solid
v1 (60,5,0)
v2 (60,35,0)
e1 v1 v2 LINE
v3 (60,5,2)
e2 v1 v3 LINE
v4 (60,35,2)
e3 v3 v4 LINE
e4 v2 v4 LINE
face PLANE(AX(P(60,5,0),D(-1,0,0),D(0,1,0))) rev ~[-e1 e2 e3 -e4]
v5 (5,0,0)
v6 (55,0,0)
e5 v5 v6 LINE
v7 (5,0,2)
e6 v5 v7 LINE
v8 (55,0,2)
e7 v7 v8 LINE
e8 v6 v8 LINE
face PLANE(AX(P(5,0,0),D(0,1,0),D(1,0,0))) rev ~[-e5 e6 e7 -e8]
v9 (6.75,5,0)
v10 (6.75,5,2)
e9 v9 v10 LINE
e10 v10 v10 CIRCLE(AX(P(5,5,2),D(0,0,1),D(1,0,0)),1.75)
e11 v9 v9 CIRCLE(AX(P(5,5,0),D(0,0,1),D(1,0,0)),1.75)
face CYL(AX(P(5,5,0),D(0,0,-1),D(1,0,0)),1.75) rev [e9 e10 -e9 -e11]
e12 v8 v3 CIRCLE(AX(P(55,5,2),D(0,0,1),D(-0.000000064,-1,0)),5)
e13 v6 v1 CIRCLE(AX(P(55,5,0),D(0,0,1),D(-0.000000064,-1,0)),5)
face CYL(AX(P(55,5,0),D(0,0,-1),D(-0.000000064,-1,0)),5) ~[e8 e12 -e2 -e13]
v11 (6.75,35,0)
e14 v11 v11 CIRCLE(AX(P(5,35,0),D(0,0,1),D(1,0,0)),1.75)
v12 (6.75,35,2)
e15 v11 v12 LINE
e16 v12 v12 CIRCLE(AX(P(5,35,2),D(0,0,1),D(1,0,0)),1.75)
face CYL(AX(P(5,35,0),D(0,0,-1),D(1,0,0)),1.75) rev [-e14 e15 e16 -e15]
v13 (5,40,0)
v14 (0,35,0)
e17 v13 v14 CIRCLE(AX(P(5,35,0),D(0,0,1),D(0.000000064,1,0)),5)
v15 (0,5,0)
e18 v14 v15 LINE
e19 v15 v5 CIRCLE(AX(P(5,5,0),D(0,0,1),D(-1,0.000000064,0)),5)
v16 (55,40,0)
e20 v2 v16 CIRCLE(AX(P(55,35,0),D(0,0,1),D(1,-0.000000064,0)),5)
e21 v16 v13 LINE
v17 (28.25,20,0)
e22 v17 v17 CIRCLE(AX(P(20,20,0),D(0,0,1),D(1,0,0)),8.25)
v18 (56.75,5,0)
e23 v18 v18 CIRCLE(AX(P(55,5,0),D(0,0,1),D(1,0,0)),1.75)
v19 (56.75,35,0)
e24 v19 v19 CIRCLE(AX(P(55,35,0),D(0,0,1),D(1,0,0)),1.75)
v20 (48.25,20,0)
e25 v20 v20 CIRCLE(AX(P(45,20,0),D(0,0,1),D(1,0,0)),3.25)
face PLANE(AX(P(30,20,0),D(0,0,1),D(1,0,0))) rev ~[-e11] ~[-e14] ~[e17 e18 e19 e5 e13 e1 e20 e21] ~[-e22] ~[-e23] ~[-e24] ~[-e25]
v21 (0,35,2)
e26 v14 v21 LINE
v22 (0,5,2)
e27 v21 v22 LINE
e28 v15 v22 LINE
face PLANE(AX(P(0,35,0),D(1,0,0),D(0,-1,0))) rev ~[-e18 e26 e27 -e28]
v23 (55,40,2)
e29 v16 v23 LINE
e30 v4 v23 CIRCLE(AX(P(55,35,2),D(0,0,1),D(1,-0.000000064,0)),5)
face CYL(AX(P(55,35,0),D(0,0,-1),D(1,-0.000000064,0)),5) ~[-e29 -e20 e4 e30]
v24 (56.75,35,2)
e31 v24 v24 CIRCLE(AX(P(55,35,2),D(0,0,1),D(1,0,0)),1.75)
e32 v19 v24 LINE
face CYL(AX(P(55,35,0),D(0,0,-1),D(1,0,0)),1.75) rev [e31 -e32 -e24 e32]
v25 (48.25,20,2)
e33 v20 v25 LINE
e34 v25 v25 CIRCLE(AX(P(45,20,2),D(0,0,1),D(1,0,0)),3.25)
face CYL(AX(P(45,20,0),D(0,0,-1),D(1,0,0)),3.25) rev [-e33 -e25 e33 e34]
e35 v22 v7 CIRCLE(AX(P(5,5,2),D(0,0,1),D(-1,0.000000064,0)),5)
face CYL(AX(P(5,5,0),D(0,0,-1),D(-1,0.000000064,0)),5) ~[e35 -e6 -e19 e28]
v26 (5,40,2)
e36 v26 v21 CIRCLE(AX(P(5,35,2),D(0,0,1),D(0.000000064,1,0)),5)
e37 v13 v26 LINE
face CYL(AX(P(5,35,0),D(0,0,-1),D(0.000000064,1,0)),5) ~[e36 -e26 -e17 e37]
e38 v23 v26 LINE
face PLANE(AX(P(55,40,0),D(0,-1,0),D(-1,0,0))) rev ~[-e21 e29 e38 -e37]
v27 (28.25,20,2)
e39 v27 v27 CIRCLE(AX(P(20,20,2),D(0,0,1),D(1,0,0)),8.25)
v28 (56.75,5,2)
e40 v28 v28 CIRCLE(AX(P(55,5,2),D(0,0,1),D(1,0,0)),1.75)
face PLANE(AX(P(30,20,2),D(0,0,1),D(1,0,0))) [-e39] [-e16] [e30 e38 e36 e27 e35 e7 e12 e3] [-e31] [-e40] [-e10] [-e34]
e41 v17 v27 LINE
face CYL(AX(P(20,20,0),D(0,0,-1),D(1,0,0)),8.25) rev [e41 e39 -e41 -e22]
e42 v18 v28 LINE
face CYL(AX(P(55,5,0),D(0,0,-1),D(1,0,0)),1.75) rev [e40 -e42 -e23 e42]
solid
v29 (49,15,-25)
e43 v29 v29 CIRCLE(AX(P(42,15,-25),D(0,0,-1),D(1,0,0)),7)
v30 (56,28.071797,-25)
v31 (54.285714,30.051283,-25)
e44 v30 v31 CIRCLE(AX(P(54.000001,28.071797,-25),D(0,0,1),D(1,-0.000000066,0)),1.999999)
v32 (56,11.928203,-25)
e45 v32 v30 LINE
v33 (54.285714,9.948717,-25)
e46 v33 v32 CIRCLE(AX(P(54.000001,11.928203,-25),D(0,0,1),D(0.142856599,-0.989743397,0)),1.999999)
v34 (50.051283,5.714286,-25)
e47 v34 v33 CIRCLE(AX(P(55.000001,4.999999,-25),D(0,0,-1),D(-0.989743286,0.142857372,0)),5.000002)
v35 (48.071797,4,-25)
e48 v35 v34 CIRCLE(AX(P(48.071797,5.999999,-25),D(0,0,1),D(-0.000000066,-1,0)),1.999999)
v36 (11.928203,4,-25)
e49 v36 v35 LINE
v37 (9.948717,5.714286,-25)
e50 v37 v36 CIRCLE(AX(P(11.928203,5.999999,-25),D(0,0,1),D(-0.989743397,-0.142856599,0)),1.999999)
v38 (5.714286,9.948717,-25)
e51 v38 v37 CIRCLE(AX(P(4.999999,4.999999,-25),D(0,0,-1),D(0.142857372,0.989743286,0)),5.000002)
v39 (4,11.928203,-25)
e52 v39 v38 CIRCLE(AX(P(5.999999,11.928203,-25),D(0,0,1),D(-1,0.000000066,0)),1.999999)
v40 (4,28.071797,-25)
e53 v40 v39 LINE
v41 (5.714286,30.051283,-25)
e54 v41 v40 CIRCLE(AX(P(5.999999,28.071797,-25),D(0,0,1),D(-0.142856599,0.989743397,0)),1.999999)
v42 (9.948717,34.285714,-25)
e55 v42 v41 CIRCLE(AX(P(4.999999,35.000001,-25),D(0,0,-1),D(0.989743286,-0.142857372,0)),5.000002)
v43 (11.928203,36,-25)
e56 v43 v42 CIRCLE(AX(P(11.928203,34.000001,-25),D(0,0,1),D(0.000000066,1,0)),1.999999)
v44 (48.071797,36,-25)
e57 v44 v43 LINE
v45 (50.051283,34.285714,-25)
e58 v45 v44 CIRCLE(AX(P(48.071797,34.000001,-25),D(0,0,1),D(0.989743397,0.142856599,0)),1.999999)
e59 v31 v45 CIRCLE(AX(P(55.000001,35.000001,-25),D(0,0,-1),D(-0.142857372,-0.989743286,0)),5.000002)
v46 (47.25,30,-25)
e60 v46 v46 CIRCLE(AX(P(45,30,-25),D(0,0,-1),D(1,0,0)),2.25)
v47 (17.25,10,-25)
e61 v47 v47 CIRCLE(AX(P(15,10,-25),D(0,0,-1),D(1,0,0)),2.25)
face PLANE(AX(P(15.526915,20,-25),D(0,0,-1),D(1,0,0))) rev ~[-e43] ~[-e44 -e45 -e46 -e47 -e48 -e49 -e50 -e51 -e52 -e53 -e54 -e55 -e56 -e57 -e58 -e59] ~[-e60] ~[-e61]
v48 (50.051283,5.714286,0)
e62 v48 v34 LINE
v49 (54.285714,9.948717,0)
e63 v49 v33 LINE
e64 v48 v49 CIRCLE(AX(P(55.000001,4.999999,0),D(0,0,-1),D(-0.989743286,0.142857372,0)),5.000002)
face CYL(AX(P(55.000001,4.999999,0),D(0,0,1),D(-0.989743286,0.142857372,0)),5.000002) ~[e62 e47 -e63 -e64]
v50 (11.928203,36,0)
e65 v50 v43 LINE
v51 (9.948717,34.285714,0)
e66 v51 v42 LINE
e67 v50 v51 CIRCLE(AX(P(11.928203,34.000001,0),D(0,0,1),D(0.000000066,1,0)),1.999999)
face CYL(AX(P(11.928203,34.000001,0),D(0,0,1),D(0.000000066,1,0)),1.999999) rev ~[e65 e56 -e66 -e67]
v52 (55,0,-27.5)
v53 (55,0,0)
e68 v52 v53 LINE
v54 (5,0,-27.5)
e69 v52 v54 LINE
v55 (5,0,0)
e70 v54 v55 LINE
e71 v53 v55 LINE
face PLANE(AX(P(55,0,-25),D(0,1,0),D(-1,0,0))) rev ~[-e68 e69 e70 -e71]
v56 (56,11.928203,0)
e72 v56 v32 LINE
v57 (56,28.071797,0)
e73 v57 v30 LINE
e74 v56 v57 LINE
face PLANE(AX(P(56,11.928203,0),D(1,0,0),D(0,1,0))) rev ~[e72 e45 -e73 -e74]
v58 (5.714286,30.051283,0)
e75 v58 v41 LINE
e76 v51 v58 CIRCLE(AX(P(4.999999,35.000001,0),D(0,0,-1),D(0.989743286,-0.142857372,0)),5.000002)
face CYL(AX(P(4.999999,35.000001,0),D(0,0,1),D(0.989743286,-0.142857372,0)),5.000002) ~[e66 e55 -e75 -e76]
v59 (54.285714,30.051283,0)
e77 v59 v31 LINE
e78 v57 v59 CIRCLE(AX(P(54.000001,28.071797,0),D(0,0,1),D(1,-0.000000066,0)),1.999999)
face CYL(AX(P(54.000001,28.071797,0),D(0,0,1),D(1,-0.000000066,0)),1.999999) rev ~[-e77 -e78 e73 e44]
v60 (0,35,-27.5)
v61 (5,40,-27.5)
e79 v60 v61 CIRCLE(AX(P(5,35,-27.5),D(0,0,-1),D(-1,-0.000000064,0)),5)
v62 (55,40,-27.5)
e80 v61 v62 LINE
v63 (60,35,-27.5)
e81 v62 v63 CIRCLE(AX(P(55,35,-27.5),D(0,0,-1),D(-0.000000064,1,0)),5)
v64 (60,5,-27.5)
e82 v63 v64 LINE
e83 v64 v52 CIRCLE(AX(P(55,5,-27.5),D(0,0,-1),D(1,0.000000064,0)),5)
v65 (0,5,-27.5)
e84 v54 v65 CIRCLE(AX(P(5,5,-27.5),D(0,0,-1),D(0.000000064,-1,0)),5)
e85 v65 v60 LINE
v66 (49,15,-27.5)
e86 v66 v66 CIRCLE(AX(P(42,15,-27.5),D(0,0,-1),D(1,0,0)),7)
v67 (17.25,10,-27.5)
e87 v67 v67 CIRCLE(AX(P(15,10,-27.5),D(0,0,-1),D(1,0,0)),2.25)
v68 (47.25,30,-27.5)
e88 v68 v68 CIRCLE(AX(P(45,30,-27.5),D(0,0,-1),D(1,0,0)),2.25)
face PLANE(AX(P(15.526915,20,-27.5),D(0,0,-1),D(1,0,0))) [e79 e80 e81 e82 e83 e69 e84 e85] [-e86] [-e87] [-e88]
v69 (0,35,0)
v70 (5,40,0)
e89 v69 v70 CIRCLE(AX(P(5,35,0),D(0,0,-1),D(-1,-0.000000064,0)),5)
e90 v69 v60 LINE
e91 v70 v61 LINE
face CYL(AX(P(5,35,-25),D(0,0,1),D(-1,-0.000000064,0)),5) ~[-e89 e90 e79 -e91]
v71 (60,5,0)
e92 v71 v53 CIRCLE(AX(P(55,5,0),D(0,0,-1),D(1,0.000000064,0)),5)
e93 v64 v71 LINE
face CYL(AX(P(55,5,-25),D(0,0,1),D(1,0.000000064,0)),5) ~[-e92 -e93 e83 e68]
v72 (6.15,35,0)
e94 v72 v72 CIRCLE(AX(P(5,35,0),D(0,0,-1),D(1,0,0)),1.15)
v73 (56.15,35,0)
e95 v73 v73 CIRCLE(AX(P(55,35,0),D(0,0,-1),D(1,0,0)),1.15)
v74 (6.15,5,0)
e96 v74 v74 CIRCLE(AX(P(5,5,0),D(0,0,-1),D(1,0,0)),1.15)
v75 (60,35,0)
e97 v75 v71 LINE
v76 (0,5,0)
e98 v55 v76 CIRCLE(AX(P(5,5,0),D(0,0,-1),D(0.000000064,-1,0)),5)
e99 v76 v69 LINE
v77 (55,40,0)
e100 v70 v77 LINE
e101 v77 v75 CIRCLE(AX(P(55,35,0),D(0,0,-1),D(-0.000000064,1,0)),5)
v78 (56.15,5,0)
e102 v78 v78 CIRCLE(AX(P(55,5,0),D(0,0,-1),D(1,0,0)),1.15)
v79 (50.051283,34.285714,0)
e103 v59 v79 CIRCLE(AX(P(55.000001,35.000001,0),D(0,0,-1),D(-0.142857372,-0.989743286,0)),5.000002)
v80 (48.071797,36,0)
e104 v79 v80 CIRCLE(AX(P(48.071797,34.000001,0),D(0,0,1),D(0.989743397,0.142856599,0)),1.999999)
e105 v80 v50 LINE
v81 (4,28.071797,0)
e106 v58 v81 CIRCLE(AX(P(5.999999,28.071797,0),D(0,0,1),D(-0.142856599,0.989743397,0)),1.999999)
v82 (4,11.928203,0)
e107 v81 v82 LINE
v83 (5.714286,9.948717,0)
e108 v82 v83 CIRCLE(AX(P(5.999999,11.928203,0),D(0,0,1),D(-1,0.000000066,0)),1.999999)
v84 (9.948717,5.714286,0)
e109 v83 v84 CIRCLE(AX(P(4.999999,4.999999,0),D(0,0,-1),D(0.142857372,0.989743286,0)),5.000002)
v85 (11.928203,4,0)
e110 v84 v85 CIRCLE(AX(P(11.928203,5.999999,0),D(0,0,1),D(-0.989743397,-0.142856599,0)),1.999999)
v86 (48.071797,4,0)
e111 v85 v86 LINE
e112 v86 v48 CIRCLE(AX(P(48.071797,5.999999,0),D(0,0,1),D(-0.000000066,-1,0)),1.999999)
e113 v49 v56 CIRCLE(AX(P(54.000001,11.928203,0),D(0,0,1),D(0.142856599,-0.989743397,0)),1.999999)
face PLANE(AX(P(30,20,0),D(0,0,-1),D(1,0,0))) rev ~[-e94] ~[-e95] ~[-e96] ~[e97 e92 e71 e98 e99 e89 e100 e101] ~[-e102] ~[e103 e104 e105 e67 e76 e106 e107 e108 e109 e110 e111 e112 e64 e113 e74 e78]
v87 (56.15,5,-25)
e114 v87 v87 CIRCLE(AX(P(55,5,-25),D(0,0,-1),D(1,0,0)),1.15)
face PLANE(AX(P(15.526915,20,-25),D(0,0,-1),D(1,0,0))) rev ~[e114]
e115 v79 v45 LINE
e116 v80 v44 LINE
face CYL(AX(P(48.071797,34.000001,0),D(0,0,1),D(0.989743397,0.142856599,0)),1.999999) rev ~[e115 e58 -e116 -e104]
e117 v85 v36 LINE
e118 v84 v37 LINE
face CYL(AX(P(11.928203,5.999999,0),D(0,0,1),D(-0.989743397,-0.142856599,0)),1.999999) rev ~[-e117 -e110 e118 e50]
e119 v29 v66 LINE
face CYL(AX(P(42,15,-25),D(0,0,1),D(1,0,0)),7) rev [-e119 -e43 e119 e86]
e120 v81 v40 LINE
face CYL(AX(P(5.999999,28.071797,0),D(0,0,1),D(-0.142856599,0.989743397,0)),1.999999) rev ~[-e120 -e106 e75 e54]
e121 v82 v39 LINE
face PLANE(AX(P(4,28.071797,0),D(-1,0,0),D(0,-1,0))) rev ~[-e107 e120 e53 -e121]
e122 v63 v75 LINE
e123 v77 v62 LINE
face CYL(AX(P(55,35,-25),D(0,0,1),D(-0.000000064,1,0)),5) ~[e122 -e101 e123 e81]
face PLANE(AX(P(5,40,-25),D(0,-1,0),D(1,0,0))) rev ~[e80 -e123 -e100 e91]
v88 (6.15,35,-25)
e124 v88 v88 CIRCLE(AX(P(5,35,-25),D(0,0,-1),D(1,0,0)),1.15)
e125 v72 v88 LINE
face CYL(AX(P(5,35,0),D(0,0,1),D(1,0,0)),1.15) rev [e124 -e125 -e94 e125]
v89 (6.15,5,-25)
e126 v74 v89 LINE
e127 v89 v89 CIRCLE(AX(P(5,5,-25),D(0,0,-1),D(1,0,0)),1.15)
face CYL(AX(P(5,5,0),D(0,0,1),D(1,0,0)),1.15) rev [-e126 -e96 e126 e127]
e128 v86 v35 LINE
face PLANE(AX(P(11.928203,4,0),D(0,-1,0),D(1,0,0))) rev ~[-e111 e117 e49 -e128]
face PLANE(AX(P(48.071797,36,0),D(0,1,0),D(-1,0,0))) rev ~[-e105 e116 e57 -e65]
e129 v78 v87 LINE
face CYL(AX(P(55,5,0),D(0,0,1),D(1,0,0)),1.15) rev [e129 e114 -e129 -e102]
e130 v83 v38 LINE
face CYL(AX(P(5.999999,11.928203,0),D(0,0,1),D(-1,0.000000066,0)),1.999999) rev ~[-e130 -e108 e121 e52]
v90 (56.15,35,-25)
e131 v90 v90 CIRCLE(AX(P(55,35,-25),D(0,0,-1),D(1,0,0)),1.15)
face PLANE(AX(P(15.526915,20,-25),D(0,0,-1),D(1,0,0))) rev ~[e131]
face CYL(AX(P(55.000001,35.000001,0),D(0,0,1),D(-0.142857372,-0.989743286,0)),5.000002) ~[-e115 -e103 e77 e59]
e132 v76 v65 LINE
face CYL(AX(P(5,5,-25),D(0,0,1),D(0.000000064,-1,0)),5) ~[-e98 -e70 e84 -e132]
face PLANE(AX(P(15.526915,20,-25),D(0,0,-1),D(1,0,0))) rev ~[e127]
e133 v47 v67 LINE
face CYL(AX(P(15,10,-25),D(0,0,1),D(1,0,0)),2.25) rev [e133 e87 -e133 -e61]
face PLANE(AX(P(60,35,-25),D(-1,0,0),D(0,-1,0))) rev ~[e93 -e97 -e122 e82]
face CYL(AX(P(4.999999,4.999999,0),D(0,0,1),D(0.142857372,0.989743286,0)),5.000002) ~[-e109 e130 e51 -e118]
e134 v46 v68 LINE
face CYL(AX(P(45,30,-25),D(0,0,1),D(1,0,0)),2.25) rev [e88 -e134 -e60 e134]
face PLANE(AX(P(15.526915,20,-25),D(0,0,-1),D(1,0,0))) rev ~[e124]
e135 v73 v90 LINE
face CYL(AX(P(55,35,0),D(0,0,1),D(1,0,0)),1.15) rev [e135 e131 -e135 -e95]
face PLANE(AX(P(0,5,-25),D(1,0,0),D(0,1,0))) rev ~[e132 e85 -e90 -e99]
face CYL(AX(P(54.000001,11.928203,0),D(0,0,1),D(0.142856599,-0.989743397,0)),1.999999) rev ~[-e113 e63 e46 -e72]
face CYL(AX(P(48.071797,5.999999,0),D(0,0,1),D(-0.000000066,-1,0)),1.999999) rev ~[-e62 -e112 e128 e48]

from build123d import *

# Parameters (mm, degrees)
F0_R     = 1.75
F0_R_2   = 8.25
F0_R_3   = 3.25
F1_DEPTH = 2
F2_R     = 1.15
F3_DEPTH = 25
F4_R     = 2.25
F4_R_2   = 7
F5_DEPTH = 2.5


with BuildPart() as f1:
    # F0 (on Top) → F1 (new body)
    with BuildSketch(Plane.XY):
        with BuildLine():
            ThreePointArc((0, 5), (1.464466, 1.464466), (5, 0))
            Line((5, 0), (55, 0))
            ThreePointArc((55, 0), (58.535534, 1.464466), (60, 5))
            Line((60, 5), (60, 35))
            ThreePointArc((60, 35), (58.535534, 38.535534), (55, 40))
            Line((55, 40), (5, 40))
            ThreePointArc((5, 40), (1.464466, 38.535534), (0, 35))
            Line((0, 35), (0, 5))
        make_face()
        with Locations((5, 5)):
            Circle(F0_R, mode=Mode.SUBTRACT)
        with Locations((55, 5)):
            Circle(F0_R, mode=Mode.SUBTRACT)
        with Locations((20, 20)):
            Circle(F0_R_2, mode=Mode.SUBTRACT)
        with Locations((5, 35)):
            Circle(F0_R, mode=Mode.SUBTRACT)
        with Locations((45, 20)):
            Circle(F0_R_3, mode=Mode.SUBTRACT)
        with Locations((55, 35)):
            Circle(F0_R, mode=Mode.SUBTRACT)
    extrude(amount=F1_DEPTH)


with BuildPart() as f3:
    # F2 (on face) → F3 (new body)
    with BuildSketch(Plane(origin=(0, 0, 0), x_dir=(1, 0, 0), z_dir=(0, 0, -1))):
        with BuildLine():
            Line((55, 0), (5, 0))
            ThreePointArc((5, 0), (1.464466, -1.464466), (0, -5))
            Line((0, -5), (0, -35))
            ThreePointArc((0, -35), (1.464466, -38.535534), (5, -40))
            Line((5, -40), (55, -40))
            ThreePointArc((55, -40), (58.535534, -38.535534), (60, -35))
            Line((60, -35), (60, -5))
            ThreePointArc((60, -5), (58.535534, -1.464466), (55, 0))
        make_face()
        with Locations((5, -35)):
            Circle(F2_R, mode=Mode.SUBTRACT)
        with Locations((55, -35)):
            Circle(F2_R, mode=Mode.SUBTRACT)
        with Locations((5, -5)):
            Circle(F2_R, mode=Mode.SUBTRACT)
        with BuildLine():
            ThreePointArc((4, -11.928203), (4.488142, -10.618896), (5.714286, -9.948717))
            ThreePointArc((5.714286, -9.948717), (8.535534, -8.535534), (9.948717, -5.714286))
            ThreePointArc((9.948717, -5.714286), (10.618896, -4.488142), (11.928203, -4))
            Line((11.928203, -4), (48.071797, -4))
            ThreePointArc((48.071797, -4), (49.381104, -4.488142), (50.051283, -5.714286))
            ThreePointArc((50.051283, -5.714286), (51.464466, -8.535534), (54.285714, -9.948717))
            ThreePointArc((54.285714, -9.948717), (55.511858, -10.618896), (56, -11.928203))
            Line((56, -11.928203), (56, -28.071797))
            ThreePointArc((56, -28.071797), (55.511858, -29.381104), (54.285714, -30.051283))
            ThreePointArc((54.285714, -30.051283), (51.464466, -31.464466), (50.051283, -34.285714))
            ThreePointArc((50.051283, -34.285714), (49.381104, -35.511858), (48.071797, -36))
            Line((48.071797, -36), (11.928203, -36))
            ThreePointArc((11.928203, -36), (10.618896, -35.511858), (9.948717, -34.285714))
            ThreePointArc((9.948717, -34.285714), (8.535534, -31.464466), (5.714286, -30.051283))
            ThreePointArc((5.714286, -30.051283), (4.488142, -29.381104), (4, -28.071797))
            Line((4, -28.071797), (4, -11.928203))
        make_face(mode=Mode.SUBTRACT)
        with Locations((55, -5)):
            Circle(F2_R, mode=Mode.SUBTRACT)
    extrude(amount=F3_DEPTH)

    # F4 (on face) → F5 (join)
    with BuildSketch(Plane(origin=(0, 0, -25), x_dir=(1, 0, 0), z_dir=(0, 0, -1))):
        with BuildLine():
            Line((30, 0), (5, 0))
            ThreePointArc((5, 0), (1.464466, -1.464466), (0, -5))
            Line((0, -5), (0, -35))
            ThreePointArc((0, -35), (1.464466, -38.535534), (5, -40))
            Line((5, -40), (30, -40))
            Line((30, -40), (30, 0))
        make_face()
        with Locations((15, -10)):
            Circle(F4_R, mode=Mode.SUBTRACT)
        with BuildLine():
            Line((55, 0), (30, 0))
            Line((30, 0), (30, -40))
            Line((30, -40), (55, -40))
            ThreePointArc((55, -40), (58.535534, -38.535534), (60, -35))
            Line((60, -35), (60, -5))
            ThreePointArc((60, -5), (58.535534, -1.464466), (55, 0))
        make_face()
        with Locations((45, -30)):
            Circle(F4_R, mode=Mode.SUBTRACT)
        with Locations((42, -15)):
            Circle(F4_R_2, mode=Mode.SUBTRACT)
    extrude(amount=F5_DEPTH)


solid = Compound([f1.part, f3.part])
